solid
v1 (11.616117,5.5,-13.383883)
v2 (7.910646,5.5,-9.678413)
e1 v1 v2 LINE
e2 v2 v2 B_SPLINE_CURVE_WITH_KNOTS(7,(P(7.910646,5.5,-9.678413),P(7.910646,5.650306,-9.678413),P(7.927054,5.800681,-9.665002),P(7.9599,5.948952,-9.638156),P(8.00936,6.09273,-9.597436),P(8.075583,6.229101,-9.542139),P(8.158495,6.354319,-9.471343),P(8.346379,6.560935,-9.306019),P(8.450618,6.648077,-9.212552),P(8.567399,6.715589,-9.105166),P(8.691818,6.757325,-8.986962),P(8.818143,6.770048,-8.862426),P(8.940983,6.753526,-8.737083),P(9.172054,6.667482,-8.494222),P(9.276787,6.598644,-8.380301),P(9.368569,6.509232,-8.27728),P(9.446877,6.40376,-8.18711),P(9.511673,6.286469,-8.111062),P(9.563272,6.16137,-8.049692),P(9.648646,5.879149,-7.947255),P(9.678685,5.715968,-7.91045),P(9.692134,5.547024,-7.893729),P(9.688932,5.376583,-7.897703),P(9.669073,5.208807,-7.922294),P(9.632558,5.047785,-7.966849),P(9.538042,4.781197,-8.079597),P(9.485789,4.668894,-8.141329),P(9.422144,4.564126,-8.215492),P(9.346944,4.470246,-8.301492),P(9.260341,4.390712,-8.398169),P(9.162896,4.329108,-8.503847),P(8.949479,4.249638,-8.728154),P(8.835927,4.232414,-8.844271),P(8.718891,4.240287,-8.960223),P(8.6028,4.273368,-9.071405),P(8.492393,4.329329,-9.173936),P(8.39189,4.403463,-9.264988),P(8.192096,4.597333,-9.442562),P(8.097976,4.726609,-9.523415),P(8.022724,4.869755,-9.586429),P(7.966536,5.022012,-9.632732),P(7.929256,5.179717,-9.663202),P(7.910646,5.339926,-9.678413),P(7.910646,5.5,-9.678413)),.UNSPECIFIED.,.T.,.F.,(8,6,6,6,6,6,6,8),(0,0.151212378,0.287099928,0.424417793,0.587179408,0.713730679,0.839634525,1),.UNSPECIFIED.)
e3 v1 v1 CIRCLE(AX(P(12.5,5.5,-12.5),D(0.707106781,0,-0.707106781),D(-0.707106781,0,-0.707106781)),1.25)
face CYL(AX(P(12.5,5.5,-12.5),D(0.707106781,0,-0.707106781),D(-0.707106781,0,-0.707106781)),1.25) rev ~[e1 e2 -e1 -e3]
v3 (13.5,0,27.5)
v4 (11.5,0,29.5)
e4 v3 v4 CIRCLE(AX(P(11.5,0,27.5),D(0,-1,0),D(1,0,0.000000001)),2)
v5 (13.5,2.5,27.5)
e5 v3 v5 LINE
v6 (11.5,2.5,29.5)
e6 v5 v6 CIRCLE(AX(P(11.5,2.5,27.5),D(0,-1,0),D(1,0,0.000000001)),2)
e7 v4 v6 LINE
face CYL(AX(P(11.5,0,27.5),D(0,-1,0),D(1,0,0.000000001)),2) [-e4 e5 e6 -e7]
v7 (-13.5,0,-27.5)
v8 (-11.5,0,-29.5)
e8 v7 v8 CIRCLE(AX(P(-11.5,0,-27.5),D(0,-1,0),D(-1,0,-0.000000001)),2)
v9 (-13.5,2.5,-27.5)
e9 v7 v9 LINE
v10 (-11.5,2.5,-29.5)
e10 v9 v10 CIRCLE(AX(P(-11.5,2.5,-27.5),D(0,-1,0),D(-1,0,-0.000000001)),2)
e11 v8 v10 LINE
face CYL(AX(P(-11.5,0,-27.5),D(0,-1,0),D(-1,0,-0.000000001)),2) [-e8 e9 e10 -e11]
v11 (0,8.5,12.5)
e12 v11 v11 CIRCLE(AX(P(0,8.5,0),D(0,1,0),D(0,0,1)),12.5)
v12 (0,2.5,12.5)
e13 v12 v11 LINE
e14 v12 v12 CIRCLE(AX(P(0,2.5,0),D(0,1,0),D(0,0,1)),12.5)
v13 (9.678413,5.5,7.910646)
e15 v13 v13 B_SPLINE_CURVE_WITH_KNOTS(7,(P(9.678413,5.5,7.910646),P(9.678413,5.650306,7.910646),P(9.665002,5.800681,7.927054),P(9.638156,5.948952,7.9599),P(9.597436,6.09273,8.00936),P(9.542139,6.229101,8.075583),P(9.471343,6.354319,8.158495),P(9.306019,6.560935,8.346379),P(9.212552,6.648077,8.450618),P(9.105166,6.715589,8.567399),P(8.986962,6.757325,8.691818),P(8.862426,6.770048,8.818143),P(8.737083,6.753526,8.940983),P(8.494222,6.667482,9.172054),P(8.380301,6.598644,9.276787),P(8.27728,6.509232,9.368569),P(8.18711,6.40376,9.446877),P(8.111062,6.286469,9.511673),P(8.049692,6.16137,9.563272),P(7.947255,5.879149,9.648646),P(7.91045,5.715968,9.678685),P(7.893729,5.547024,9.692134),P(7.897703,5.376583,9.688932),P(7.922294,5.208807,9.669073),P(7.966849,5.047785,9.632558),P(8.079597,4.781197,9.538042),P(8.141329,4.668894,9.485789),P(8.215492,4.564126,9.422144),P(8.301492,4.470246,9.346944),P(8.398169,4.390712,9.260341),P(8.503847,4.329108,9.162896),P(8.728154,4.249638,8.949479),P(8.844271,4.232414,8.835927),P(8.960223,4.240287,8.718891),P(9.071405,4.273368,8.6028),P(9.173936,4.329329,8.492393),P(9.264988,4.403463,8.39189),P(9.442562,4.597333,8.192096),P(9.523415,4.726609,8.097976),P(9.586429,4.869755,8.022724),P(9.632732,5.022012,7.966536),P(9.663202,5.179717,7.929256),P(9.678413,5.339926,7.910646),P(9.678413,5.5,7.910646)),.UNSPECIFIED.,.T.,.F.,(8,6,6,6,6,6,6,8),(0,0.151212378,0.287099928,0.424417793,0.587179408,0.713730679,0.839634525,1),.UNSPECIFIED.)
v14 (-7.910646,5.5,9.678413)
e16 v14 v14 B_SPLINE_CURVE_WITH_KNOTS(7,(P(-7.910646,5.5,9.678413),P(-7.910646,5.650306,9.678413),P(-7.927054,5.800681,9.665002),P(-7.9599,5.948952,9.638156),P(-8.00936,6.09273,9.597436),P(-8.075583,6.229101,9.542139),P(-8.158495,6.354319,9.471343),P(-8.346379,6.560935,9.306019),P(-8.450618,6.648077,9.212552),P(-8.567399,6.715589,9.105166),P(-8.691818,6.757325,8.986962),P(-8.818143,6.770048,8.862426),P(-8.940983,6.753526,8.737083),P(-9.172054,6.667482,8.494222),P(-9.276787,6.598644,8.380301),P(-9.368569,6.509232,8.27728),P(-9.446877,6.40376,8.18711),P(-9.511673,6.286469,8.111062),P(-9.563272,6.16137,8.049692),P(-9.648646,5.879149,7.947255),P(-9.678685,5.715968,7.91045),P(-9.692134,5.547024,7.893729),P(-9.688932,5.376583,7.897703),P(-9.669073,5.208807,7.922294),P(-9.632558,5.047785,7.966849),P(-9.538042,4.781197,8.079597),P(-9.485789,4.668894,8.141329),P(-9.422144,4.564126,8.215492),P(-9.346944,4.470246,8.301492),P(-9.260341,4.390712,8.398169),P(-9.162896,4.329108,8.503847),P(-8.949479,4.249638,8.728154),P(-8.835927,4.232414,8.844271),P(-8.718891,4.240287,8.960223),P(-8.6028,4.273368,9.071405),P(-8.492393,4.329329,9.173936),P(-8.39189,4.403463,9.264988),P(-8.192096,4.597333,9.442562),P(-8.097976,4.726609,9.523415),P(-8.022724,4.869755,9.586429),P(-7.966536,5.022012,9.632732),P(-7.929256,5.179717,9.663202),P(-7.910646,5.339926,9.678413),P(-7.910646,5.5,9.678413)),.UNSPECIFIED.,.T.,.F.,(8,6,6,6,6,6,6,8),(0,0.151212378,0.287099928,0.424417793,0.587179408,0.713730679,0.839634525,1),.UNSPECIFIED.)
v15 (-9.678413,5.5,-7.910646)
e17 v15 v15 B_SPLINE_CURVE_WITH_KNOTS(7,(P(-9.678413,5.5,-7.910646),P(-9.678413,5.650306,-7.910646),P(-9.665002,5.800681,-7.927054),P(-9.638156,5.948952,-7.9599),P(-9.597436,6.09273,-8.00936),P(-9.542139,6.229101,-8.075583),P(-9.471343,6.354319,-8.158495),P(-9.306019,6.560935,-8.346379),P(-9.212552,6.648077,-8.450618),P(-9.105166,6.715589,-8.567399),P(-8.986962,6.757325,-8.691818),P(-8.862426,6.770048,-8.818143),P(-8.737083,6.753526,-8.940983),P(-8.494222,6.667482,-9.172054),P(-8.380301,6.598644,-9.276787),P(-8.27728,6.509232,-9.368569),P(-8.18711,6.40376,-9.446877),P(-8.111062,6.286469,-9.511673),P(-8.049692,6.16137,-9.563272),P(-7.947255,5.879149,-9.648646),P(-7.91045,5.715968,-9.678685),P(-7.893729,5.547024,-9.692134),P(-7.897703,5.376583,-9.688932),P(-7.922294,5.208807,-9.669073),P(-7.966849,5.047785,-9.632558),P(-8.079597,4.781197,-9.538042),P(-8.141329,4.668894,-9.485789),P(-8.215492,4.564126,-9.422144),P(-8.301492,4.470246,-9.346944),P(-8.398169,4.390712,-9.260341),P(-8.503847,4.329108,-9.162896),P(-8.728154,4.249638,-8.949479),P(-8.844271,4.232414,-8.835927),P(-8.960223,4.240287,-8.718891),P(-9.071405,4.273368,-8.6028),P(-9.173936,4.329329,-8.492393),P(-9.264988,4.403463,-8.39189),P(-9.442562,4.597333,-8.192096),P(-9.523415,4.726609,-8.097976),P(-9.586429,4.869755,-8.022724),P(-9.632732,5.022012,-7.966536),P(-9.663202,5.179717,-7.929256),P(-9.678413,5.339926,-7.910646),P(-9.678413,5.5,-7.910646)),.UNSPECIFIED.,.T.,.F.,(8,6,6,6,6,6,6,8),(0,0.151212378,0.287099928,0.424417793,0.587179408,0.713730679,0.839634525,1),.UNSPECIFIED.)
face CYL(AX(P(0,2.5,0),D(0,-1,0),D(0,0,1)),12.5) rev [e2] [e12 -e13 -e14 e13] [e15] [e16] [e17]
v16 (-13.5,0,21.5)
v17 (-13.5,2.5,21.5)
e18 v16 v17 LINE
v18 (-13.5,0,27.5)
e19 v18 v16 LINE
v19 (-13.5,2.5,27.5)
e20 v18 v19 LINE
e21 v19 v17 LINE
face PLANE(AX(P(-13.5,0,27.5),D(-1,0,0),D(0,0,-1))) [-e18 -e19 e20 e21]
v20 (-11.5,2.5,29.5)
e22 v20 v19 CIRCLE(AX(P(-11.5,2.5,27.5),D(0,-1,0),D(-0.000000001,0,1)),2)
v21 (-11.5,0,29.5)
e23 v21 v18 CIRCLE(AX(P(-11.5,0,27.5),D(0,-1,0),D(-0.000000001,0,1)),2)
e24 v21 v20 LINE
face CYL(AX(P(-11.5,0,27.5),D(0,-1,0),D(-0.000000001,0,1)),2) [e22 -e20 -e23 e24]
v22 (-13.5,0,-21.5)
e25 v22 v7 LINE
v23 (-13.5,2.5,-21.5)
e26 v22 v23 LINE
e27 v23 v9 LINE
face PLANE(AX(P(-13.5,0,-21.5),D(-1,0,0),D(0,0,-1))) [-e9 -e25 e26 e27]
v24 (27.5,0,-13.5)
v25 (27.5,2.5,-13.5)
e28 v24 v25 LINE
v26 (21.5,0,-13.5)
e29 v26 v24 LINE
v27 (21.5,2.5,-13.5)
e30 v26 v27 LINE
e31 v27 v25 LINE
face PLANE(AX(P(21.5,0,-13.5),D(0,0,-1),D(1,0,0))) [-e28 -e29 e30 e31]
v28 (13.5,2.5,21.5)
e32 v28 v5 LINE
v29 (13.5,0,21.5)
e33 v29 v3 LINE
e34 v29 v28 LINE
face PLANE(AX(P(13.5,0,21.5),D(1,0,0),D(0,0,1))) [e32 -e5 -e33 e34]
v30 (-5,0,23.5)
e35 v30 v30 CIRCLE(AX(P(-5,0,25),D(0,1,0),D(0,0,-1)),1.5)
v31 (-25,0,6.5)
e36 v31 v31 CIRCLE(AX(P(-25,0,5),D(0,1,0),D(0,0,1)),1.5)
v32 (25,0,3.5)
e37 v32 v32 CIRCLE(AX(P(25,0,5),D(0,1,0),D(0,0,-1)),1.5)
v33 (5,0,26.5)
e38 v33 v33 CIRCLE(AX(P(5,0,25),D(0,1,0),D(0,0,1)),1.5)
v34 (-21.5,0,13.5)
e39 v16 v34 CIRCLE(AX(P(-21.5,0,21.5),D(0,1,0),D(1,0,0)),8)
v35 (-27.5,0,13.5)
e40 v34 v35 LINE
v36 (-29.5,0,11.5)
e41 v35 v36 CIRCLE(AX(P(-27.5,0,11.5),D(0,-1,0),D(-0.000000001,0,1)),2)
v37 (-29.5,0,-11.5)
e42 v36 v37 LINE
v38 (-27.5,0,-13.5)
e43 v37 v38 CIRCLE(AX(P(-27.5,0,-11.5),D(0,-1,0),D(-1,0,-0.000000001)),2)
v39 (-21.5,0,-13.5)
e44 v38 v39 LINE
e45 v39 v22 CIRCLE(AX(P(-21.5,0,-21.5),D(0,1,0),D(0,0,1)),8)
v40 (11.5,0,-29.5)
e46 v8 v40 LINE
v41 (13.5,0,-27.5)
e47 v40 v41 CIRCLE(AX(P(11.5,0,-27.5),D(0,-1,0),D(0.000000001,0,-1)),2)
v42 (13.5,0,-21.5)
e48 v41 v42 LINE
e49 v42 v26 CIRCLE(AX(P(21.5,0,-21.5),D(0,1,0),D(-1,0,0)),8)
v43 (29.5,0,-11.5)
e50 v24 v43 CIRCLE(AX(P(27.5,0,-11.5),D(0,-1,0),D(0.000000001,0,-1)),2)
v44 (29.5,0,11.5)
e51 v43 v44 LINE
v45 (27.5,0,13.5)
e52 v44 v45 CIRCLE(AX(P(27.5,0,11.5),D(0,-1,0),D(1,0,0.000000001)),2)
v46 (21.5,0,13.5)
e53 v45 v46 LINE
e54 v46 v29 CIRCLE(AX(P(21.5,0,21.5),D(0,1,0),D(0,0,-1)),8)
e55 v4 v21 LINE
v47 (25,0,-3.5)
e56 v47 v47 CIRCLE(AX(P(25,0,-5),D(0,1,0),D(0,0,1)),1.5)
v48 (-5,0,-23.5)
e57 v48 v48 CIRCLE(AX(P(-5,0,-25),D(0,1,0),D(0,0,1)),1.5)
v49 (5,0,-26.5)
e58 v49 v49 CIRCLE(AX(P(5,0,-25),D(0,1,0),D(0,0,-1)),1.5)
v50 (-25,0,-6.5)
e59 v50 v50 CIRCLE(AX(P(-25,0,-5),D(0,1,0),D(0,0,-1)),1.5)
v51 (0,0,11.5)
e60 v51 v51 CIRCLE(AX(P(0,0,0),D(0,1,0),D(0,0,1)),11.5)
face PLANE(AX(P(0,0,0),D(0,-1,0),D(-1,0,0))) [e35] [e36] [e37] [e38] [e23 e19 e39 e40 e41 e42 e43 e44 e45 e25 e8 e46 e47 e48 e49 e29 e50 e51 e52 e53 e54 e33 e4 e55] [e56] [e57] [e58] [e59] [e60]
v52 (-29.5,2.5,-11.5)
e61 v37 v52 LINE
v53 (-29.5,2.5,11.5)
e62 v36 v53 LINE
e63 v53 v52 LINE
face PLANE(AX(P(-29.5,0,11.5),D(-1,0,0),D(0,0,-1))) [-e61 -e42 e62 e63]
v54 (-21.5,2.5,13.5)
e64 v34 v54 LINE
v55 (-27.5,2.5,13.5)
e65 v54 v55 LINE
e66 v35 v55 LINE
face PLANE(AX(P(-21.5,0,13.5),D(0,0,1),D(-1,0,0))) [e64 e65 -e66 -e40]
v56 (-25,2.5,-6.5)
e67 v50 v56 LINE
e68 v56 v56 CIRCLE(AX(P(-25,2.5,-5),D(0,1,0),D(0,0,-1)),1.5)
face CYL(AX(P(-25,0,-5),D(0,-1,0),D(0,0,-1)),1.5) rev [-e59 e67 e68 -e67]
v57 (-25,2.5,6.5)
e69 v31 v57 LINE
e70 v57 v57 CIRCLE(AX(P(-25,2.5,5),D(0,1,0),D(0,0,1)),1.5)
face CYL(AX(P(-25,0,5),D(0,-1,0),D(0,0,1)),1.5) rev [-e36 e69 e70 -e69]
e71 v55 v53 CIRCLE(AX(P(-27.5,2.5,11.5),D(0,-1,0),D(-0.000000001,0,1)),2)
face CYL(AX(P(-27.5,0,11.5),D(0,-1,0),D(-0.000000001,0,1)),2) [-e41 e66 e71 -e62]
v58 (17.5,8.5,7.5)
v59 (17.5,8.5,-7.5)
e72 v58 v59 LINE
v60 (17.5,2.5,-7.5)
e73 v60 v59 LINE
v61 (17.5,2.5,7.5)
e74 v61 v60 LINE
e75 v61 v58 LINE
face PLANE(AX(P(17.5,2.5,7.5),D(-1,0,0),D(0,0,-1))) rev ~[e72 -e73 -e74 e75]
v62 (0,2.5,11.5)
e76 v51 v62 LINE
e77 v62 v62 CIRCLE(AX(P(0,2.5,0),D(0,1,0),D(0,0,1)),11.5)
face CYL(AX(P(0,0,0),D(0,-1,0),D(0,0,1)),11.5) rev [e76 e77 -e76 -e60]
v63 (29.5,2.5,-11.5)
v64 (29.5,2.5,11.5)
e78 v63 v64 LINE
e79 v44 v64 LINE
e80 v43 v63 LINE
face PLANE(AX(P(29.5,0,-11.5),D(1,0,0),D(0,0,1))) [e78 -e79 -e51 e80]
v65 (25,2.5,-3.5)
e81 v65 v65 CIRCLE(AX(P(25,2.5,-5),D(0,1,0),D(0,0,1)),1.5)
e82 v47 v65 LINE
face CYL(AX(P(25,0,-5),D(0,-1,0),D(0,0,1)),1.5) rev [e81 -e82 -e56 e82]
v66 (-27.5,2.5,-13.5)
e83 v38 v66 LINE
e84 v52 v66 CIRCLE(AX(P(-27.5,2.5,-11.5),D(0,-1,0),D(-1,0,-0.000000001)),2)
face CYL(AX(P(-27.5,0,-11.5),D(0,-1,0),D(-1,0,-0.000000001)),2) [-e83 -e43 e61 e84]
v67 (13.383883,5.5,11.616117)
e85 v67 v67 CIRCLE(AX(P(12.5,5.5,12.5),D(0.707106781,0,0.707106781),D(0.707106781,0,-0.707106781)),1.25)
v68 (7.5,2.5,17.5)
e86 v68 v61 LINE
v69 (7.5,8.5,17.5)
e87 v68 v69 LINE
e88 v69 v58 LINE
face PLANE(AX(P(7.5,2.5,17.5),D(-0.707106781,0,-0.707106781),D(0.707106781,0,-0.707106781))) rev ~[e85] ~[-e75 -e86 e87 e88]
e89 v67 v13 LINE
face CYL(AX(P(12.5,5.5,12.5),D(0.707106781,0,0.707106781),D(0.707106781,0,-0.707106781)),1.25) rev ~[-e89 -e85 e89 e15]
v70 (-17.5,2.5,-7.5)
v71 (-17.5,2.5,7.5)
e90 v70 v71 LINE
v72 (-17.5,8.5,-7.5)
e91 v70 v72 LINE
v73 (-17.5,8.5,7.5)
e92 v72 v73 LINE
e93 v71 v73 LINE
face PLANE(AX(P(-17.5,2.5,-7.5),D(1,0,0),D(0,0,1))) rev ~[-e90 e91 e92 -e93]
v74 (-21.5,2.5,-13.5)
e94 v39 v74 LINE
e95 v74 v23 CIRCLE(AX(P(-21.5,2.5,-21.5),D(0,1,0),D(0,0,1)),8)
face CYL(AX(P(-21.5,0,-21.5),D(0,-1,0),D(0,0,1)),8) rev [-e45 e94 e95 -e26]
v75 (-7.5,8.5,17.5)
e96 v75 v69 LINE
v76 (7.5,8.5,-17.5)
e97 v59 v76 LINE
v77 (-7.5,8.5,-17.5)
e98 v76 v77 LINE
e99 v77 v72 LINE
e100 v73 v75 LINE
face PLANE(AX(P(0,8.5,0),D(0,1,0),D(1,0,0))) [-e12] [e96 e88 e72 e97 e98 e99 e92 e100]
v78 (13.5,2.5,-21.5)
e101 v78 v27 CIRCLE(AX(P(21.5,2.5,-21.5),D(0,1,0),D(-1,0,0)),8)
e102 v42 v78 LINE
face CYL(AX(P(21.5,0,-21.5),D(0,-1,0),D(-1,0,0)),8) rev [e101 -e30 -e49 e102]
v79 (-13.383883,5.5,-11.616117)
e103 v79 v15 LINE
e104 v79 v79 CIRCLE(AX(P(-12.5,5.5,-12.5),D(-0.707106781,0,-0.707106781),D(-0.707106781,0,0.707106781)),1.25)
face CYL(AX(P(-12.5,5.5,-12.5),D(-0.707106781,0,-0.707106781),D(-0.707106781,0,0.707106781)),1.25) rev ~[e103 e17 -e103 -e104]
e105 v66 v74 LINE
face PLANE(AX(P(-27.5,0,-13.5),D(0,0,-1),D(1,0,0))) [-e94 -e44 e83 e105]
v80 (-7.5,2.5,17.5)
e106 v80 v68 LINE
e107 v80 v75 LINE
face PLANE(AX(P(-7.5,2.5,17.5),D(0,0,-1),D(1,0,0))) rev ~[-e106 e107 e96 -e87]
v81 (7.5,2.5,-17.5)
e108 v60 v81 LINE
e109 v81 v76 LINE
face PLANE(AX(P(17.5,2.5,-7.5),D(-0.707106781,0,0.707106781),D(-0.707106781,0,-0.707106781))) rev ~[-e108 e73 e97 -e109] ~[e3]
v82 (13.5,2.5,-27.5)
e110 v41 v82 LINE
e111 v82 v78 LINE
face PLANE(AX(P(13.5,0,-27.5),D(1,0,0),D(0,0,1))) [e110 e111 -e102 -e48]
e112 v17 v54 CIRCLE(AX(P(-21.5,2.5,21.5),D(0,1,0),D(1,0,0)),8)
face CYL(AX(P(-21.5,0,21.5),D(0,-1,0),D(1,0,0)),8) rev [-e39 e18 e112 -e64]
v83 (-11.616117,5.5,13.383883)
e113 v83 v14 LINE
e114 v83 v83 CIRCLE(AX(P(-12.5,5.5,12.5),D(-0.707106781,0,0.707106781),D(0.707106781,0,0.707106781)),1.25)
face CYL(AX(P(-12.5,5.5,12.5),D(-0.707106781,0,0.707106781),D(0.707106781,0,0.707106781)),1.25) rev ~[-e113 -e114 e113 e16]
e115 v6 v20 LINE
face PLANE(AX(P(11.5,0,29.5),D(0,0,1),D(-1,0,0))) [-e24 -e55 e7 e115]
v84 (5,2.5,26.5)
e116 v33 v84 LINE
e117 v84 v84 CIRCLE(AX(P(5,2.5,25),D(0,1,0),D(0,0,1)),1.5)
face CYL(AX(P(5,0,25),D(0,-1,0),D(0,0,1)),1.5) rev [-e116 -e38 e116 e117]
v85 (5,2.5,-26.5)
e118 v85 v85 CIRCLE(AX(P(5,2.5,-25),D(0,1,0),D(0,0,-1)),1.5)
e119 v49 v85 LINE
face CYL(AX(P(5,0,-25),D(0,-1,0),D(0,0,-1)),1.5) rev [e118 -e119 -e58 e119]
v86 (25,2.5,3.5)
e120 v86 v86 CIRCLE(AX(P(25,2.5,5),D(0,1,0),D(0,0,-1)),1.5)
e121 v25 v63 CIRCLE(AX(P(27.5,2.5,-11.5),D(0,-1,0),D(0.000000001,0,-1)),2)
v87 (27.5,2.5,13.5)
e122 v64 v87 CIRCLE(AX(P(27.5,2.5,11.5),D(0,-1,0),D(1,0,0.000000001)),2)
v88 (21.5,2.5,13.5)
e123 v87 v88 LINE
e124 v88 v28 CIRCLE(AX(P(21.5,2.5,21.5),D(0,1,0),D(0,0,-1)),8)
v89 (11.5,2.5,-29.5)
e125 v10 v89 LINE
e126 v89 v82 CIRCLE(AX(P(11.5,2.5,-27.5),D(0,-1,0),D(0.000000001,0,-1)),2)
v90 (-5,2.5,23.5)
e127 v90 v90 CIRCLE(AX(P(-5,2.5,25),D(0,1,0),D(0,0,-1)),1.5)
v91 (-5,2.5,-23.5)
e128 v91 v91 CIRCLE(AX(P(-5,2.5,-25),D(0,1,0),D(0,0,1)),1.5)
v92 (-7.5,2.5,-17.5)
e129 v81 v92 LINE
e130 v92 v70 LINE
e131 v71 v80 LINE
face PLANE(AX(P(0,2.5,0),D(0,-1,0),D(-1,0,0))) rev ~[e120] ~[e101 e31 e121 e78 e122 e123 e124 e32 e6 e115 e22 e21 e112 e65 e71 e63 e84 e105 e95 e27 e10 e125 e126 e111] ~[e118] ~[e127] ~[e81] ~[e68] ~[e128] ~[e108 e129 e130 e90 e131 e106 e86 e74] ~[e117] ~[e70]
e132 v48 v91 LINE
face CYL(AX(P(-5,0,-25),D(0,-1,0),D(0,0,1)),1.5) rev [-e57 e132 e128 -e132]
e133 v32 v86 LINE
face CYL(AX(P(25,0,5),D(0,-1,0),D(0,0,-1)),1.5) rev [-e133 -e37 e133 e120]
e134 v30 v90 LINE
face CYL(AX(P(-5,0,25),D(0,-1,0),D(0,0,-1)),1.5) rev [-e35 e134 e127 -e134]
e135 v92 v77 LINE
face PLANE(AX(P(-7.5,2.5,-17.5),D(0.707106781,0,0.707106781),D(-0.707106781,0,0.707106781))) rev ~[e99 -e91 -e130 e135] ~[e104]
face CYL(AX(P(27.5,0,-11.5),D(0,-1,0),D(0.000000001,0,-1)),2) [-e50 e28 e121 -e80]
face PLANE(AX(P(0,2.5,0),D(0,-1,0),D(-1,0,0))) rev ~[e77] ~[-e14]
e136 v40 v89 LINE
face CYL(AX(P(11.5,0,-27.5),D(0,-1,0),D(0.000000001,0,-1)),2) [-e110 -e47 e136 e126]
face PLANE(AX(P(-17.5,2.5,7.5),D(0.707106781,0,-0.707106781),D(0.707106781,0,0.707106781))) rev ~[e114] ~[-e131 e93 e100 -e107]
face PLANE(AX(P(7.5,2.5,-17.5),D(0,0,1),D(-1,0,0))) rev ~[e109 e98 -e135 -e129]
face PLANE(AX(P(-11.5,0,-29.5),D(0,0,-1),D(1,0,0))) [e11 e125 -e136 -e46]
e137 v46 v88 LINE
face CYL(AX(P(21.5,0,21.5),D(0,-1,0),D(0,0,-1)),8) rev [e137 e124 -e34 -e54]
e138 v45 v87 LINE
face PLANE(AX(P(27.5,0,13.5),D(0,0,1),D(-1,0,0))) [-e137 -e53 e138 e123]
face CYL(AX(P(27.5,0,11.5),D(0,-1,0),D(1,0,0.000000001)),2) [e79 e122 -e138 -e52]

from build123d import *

# Parameters (mm, degrees)
SKETCH_1_R               = 11.5
SKETCH_1_R_2             = 1.5
EXTRUDE_1_DEPTH          = 2.5
SKETCH_2_R               = 12.5
EXTRUDE_2_DEPTH          = 6
HOLE_WIZARD_M3_1_REACH   = 61.651
HOLE_WIZARD_M3_1_BORE_R  = 1.25
PATTERN_CIRCULAR_1_COUNT = 4


with BuildPart() as part:
    # 草图1 → 凸台-拉伸1 (new body)
    with BuildSketch(Plane(origin=(0, 0, 0), x_dir=(1, 0, 0), z_dir=(0, 1, 0))):
        with BuildLine():
            Line((-11.5, 29.5), (11.5, 29.5))
            ThreePointArc((11.5, 29.5), (12.914213562, 28.914213562), (13.5, 27.5))
            Line((13.5, 27.5), (13.5, 21.5))
            ThreePointArc((13.5, 21.5), (15.843145751, 15.843145751), (21.5, 13.5))
            Line((21.5, 13.5), (27.5, 13.5))
            ThreePointArc((27.5, 13.5), (28.914213562, 12.914213562), (29.5, 11.5))
            Line((29.5, 11.5), (29.5, -11.5))
            ThreePointArc((29.5, -11.5), (28.914213562, -12.914213562), (27.5, -13.5))
            Line((27.5, -13.5), (21.5, -13.5))
            ThreePointArc((21.5, -13.5), (15.843145751, -15.843145751), (13.5, -21.5))
            Line((13.5, -21.5), (13.5, -27.5))
            ThreePointArc((13.5, -27.5), (12.914213562, -28.914213562), (11.5, -29.5))
            Line((11.5, -29.5), (-11.5, -29.5))
            ThreePointArc((-11.5, -29.5), (-12.914213562, -28.914213562), (-13.5, -27.5))
            Line((-13.5, -27.5), (-13.5, -21.5))
            ThreePointArc((-13.5, -21.5), (-15.843145751, -15.843145751), (-21.5, -13.5))
            Line((-21.5, -13.5), (-27.5, -13.5))
            ThreePointArc((-27.5, -13.5), (-28.914213562, -12.914213562), (-29.5, -11.5))
            Line((-29.5, -11.5), (-29.5, 11.5))
            ThreePointArc((-29.5, 11.5), (-28.914213562, 12.914213562), (-27.5, 13.5))
            Line((-27.5, 13.5), (-21.5, 13.5))
            ThreePointArc((-21.5, 13.5), (-15.843145751, 15.843145751), (-13.5, 21.5))
            Line((-13.5, 21.5), (-13.5, 27.5))
            ThreePointArc((-13.5, 27.5), (-12.914213562, 28.914213562), (-11.5, 29.5))
        make_face()
        with Locations(Location((0, 0, 0), (0, 0, 270))):
            Circle(SKETCH_1_R, mode=Mode.SUBTRACT)
        with Locations(Location((-5, 25, 0), (0, 0, 270))):
            Circle(SKETCH_1_R_2, mode=Mode.SUBTRACT)
        with Locations(Location((5, 25, 0), (0, 0, 90))):
            Circle(SKETCH_1_R_2, mode=Mode.SUBTRACT)
        with Locations(Location((25, 5, 0), (0, 0, 270))):
            Circle(SKETCH_1_R_2, mode=Mode.SUBTRACT)
        with Locations(Location((25, -5, 0), (0, 0, 90))):
            Circle(SKETCH_1_R_2, mode=Mode.SUBTRACT)
        with Locations(Location((5, -25, 0), (0, 0, 270))):
            Circle(SKETCH_1_R_2, mode=Mode.SUBTRACT)
        with Locations(Location((-5, -25, 0), (0, 0, 90))):
            Circle(SKETCH_1_R_2, mode=Mode.SUBTRACT)
        with Locations(Location((-25, -5, 0), (0, 0, 270))):
            Circle(SKETCH_1_R_2, mode=Mode.SUBTRACT)
        with Locations(Location((-25, 5, 0), (0, 0, 90))):
            Circle(SKETCH_1_R_2, mode=Mode.SUBTRACT)
    extrude(amount=EXTRUDE_1_DEPTH)

    # 草图2 → 凸台-拉伸2 (add)
    with BuildSketch(Plane(origin=(0, 2.5, 0), x_dir=(1, 0, 0), z_dir=(0, 1, 0))):
        Polygon((17.5, 7.5), (7.5, 17.5), (-7.5, 17.5), (-17.5, 7.5), (-17.5, -7.5), (-7.5, -17.5), (7.5, -17.5), (17.5, -7.5), align=None)
        with Locations(Location((0, 0, 0), (0, 0, 270))):
            Circle(SKETCH_2_R, mode=Mode.SUBTRACT)
    extrude(amount=EXTRUDE_2_DEPTH)

    # M3 螺纹孔1 bore (on position points) → M3 螺纹孔1 (cut, up to next)
    with BuildSketch(Plane(origin=(-12.5, 5.5, 12.5), x_dir=(0.707106781187, 0, 0.707106781187), z_dir=(-0.707106781187, 0, 0.707106781187)), mode=Mode.PRIVATE) as hole_wizard_m3_1_sk1:
        Circle(HOLE_WIZARD_M3_1_BORE_R)
    hole_wizard_m3_1_tool1 = extrude(hole_wizard_m3_1_sk1.sketch, amount=-HOLE_WIZARD_M3_1_REACH, mode=Mode.PRIVATE) & part.part
    hole_wizard_m3_1 = hole_wizard_m3_1_tool1.solids().sort_by_distance((-12.5, 5.5, 12.5))[0]
    add(hole_wizard_m3_1, mode=Mode.SUBTRACT)

    # 阵列(圆周)1: M3 螺纹孔1 ×4 about axis
    pattern_circular_1_axis = Axis((0, 8.5, 0), (0, -1, 0))
    for i in range(1, PATTERN_CIRCULAR_1_COUNT):
        add(hole_wizard_m3_1.rotate(pattern_circular_1_axis, i * 360 / PATTERN_CIRCULAR_1_COUNT), mode=Mode.SUBTRACT)


solid = part.part
